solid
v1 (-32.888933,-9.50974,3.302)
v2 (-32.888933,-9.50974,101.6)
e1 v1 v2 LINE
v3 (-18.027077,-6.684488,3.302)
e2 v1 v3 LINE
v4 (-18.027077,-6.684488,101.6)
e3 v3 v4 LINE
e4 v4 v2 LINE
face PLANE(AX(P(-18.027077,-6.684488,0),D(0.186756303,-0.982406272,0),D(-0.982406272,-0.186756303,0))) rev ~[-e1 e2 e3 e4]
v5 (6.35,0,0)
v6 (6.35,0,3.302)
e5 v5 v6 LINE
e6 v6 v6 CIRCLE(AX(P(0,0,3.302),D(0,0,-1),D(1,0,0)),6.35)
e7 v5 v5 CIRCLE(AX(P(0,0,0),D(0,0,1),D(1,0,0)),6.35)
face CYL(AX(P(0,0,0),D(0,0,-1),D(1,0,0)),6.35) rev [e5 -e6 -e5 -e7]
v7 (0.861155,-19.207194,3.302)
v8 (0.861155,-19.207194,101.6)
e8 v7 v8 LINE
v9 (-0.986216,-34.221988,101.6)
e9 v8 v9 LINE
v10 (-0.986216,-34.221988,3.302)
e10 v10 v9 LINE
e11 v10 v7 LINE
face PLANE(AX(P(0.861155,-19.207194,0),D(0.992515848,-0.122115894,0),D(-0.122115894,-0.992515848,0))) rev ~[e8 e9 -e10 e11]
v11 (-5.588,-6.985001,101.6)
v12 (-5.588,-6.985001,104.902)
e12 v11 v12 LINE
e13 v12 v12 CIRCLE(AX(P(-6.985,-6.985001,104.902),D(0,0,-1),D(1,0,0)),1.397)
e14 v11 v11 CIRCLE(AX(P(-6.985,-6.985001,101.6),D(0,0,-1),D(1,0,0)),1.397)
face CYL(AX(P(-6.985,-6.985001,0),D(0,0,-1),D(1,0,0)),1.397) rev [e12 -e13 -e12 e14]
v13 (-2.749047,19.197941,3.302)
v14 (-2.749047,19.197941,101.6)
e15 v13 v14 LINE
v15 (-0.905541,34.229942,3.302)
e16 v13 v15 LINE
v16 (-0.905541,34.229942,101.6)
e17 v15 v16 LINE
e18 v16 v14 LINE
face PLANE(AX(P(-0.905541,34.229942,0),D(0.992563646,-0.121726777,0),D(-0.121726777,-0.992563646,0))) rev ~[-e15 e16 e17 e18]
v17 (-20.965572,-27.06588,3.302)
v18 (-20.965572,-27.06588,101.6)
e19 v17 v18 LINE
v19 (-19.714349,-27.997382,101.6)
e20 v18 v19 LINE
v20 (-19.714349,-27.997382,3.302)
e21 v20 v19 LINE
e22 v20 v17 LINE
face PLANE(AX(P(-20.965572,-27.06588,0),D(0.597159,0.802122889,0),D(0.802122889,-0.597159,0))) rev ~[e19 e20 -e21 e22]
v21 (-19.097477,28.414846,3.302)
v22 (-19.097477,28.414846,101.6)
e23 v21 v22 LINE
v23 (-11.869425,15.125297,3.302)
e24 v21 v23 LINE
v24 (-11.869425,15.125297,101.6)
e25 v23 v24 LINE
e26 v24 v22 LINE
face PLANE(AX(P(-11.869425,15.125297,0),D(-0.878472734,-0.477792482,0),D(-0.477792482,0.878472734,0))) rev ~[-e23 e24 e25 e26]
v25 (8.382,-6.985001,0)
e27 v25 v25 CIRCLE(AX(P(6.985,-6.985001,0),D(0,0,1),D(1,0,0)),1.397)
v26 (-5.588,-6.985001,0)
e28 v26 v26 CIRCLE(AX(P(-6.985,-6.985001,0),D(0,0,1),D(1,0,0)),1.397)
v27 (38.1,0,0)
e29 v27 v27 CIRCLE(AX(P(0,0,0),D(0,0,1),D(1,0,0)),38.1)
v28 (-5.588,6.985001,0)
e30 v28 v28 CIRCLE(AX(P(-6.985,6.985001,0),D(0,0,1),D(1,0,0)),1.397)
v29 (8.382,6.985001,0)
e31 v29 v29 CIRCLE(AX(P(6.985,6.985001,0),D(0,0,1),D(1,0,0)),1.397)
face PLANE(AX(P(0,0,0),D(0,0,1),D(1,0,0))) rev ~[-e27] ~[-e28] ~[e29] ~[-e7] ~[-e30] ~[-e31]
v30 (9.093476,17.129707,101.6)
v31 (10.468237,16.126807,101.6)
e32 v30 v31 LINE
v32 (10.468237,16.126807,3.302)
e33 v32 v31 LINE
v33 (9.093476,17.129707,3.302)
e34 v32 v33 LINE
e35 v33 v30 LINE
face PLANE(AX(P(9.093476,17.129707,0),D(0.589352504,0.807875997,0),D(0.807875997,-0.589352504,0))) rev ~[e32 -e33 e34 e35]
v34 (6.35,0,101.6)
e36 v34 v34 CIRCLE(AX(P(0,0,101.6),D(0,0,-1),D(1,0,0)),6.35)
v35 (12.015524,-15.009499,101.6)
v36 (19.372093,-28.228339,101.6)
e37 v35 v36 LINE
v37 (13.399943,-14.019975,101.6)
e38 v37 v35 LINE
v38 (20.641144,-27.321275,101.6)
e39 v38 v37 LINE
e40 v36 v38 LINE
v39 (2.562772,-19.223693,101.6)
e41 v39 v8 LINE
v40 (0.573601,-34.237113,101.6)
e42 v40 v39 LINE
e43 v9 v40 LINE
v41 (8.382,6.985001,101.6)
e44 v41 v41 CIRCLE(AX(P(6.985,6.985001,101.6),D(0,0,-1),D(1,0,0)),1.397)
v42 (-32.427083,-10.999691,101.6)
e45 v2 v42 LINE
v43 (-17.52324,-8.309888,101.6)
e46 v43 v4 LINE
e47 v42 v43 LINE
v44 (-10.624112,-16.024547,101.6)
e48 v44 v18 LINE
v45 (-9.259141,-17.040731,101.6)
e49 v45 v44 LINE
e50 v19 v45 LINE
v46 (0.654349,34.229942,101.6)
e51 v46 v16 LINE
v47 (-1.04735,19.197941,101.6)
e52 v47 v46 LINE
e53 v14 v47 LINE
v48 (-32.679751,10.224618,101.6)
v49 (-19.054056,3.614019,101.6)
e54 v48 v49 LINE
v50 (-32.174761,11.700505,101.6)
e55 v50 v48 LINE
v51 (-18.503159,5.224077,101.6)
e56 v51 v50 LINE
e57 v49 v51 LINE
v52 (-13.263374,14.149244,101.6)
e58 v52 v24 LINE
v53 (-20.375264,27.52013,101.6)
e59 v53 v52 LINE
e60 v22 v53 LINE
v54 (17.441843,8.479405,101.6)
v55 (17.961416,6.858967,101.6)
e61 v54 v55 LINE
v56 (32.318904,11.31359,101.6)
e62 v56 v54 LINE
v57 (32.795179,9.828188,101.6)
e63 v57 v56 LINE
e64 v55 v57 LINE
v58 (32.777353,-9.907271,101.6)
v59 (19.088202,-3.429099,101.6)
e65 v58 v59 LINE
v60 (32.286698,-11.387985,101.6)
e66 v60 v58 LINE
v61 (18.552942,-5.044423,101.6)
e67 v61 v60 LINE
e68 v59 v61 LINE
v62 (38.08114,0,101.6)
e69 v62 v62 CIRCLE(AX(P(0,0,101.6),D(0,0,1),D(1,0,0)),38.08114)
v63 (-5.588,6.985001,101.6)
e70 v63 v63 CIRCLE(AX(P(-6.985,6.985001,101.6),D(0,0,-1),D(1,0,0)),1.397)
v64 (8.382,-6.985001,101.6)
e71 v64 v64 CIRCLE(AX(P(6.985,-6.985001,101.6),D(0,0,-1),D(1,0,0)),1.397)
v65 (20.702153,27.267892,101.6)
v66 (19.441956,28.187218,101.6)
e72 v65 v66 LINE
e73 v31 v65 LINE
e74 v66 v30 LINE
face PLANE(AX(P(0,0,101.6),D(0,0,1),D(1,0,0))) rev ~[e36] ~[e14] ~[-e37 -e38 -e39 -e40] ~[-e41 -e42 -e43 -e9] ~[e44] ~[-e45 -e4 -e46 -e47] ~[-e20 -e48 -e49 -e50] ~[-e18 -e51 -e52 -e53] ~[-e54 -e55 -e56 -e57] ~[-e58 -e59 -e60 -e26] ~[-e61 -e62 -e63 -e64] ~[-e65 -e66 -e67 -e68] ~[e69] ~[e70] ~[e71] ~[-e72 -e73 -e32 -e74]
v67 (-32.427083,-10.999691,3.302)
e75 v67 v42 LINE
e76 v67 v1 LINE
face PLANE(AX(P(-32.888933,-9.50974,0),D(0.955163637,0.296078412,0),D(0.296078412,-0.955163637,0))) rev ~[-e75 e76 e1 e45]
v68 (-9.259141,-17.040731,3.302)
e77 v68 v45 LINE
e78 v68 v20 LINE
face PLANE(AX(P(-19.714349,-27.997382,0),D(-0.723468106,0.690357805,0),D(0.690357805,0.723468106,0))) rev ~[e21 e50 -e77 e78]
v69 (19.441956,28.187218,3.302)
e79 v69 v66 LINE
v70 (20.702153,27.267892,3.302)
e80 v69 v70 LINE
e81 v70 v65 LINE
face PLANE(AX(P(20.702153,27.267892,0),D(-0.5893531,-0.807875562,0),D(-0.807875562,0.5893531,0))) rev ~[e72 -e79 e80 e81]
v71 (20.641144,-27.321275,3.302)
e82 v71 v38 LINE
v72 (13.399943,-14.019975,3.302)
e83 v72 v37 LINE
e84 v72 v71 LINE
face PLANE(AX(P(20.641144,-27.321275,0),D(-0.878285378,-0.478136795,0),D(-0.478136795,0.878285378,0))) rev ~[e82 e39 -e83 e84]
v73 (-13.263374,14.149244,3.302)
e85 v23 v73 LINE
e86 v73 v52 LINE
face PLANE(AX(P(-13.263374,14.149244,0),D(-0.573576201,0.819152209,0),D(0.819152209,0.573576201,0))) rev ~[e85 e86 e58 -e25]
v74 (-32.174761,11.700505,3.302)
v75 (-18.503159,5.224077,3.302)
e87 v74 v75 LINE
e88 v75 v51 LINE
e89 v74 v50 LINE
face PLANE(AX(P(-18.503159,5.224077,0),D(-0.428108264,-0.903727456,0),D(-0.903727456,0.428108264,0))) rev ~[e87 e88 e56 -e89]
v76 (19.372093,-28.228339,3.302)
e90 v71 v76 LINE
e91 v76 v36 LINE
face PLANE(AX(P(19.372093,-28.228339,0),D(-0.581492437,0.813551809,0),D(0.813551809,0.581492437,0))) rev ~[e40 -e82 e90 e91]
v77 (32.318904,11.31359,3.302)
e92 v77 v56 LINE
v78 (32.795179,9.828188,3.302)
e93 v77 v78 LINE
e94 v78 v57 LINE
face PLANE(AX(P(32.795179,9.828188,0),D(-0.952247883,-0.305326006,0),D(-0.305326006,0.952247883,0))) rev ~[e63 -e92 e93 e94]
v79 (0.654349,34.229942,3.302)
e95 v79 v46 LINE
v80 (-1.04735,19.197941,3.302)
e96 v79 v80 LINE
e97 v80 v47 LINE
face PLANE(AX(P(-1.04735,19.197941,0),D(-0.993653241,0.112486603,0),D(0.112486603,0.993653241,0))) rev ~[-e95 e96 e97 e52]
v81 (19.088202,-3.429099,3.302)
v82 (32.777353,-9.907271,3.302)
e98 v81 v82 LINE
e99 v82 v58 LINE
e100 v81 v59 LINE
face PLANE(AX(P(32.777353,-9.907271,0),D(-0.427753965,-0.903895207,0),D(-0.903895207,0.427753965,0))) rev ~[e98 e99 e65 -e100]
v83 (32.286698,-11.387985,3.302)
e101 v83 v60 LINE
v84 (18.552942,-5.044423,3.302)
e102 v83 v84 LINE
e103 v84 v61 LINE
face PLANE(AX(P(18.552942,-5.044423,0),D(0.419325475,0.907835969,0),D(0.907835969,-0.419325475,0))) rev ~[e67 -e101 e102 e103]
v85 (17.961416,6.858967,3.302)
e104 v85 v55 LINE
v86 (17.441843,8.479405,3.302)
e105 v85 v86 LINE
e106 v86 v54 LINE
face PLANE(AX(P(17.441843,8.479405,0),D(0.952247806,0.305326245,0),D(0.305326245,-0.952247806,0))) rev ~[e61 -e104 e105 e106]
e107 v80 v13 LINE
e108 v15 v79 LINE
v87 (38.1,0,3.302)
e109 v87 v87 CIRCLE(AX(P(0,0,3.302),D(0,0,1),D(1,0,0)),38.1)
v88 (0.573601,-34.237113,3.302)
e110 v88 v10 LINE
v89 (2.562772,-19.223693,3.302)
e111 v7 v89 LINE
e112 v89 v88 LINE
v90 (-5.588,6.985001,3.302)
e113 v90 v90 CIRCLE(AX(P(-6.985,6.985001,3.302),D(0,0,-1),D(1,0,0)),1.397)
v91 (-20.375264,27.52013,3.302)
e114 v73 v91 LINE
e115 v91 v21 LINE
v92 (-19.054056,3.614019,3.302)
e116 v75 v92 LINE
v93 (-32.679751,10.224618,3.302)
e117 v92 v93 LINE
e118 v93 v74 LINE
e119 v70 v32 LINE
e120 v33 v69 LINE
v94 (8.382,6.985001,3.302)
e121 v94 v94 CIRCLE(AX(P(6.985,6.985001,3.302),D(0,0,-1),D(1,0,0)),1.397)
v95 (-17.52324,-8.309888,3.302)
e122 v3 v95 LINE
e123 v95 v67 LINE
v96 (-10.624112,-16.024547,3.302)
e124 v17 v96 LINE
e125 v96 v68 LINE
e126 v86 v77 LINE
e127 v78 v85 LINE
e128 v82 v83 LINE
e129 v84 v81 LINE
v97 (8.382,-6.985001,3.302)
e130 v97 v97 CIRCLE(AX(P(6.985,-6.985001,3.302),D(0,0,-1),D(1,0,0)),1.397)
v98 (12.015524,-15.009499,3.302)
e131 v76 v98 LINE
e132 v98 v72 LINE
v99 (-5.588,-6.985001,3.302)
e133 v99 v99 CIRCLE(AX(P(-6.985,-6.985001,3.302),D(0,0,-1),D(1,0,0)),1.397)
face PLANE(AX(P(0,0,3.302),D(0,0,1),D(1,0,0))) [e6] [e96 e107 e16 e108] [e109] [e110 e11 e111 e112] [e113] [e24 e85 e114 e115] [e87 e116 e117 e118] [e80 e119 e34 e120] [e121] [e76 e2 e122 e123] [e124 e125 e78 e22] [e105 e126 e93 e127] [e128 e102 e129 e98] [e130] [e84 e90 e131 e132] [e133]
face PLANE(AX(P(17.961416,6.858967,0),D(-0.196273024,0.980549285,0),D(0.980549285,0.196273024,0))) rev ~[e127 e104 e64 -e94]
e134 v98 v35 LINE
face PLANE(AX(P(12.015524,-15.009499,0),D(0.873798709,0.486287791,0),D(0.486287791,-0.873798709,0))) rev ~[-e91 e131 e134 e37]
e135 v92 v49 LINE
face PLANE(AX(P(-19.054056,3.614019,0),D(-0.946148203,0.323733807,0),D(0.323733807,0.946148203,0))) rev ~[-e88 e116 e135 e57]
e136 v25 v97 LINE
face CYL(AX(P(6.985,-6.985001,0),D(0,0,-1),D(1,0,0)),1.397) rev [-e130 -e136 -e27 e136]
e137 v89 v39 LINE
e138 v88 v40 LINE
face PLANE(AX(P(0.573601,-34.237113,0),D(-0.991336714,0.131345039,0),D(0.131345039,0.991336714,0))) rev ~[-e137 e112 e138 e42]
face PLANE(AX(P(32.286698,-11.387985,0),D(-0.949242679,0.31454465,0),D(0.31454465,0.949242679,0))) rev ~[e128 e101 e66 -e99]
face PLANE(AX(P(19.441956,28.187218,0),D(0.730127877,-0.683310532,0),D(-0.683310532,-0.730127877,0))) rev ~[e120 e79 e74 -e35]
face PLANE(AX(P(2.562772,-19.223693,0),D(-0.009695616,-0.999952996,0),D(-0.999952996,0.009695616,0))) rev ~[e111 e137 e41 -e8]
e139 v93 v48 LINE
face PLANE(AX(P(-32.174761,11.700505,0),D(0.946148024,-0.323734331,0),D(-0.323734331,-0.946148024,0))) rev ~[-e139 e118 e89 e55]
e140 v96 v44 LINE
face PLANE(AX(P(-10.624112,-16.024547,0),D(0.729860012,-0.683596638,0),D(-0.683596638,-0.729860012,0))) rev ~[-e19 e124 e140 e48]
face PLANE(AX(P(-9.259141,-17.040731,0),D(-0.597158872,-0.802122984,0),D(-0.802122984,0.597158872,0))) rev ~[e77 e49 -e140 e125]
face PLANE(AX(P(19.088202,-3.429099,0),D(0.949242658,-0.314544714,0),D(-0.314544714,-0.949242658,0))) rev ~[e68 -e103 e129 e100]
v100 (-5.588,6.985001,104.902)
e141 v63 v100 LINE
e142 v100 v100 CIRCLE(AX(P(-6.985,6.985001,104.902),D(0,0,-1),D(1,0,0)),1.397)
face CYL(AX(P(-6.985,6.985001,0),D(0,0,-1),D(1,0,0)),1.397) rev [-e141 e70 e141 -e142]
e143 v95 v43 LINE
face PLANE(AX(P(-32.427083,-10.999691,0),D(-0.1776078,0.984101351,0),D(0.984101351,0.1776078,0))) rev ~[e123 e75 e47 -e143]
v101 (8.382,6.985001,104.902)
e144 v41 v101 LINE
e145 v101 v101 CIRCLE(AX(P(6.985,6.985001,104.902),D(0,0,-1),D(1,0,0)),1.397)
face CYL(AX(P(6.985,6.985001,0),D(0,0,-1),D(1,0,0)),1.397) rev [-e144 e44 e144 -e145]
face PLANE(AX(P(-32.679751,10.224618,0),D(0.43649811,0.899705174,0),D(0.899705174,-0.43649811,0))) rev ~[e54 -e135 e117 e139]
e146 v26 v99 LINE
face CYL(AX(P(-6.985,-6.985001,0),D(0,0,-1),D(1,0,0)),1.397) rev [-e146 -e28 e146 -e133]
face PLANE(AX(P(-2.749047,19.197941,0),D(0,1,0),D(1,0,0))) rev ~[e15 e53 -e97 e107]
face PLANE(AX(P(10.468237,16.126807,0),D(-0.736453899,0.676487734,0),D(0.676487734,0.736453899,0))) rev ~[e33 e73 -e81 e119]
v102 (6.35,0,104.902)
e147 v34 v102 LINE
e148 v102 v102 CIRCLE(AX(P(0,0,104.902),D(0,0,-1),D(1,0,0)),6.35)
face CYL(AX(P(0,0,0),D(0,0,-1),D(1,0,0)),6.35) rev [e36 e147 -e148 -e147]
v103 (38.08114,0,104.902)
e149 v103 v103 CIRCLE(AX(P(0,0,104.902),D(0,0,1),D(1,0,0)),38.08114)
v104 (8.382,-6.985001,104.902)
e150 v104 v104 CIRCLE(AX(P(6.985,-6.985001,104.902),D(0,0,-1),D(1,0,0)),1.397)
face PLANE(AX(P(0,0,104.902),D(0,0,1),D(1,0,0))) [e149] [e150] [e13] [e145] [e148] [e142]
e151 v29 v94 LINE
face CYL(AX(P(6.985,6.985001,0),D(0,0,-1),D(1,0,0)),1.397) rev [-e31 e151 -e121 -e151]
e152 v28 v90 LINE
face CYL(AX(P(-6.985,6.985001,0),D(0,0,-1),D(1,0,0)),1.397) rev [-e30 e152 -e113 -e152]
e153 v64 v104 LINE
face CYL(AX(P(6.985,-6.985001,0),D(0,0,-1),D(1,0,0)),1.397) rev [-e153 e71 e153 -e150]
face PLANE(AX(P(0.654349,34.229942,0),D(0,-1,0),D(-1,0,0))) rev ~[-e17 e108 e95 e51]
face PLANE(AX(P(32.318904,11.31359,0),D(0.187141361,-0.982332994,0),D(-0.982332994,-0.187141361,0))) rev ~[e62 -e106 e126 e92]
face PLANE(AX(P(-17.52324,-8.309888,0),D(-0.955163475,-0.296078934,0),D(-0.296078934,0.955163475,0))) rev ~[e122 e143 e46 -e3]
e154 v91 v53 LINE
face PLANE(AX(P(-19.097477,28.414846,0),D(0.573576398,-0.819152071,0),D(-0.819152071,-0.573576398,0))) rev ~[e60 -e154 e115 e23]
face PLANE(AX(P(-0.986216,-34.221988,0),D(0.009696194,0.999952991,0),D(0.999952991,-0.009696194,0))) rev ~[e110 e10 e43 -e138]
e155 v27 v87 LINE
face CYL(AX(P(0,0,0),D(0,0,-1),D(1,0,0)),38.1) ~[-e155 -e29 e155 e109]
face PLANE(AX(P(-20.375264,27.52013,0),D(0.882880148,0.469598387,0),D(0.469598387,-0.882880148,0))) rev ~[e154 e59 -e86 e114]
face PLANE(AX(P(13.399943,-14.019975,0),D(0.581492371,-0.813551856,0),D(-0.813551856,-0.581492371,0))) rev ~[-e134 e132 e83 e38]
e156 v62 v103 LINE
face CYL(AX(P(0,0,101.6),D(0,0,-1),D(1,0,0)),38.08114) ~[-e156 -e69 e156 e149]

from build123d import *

# Parameters (mm, degrees)
F0_R     = 38.1
F0_R_2   = 3.175
F1_DEPTH = 3.302
F2_DEPTH = 101.6
F3_R     = 38.08114
F3_R_2   = 3.175
F4_DEPTH = 3.302
F6_R     = 1.397
F6_R_2   = 6.35
F7_DEPTH = 136.906


with BuildPart() as f1:
    # F0 (on Top) → F1 (new body)
    with BuildSketch(Plane.XY):
        Circle(F0_R)
        Polygon((-19.714349, -27.997382), (-20.965572, -27.06588), (-10.624112, -16.024547), (-9.259141, -17.040731), align=None, mode=Mode.SUBTRACT)
        Polygon((-32.427083, -10.999691), (-32.888933, -9.50974), (-18.027077, -6.684488), (-17.52324, -8.309888), align=None, mode=Mode.SUBTRACT)
        Polygon((0.573601, -34.237113), (-0.986216, -34.221988), (0.861155, -19.207194), (2.562772, -19.223693), align=None, mode=Mode.SUBTRACT)
        Polygon((20.641144, -27.321275), (19.372093, -28.228339), (12.015524, -15.009499), (13.399943, -14.019975), align=None, mode=Mode.SUBTRACT)
        Polygon((32.777353, -9.907271), (32.286698, -11.387985), (18.552942, -5.044423), (19.088202, -3.429099), align=None, mode=Mode.SUBTRACT)
        Polygon((-32.679751, 10.224618), (-32.174761, 11.700505), (-18.503159, 5.224077), (-19.054056, 3.614019), align=None, mode=Mode.SUBTRACT)
        Polygon((-20.375264, 27.52013), (-19.097477, 28.414846), (-11.869425, 15.125297), (-13.263374, 14.149244), align=None, mode=Mode.SUBTRACT)
        Polygon((-2.749047, 19.197941), (-0.905541, 34.229942), (0.654349, 34.229942), (-1.04735, 19.197941), align=None, mode=Mode.SUBTRACT)
        Circle(F0_R_2, mode=Mode.SUBTRACT)
        Polygon((32.318904, 11.31359), (32.795179, 9.828188), (17.961416, 6.858967), (17.441843, 8.479405), align=None, mode=Mode.SUBTRACT)
        Polygon((19.441956, 28.187218), (20.702153, 27.267892), (10.468237, 16.126807), (9.093476, 17.129707), align=None, mode=Mode.SUBTRACT)
    extrude(amount=F1_DEPTH)

    # F0 (on Top) → F2 (join)
    with BuildSketch(Plane.XY):
        Polygon((-18.503159, 5.224077), (-32.174761, 11.700505), (-32.679751, 10.224618), (-19.054056, 3.614019), align=None)
        Polygon((-18.027077, -6.684488), (-32.888933, -9.50974), (-32.427083, -10.999691), (-17.52324, -8.309888), align=None)
        Polygon((-10.624112, -16.024547), (-20.965572, -27.06588), (-19.714349, -27.997382), (-9.259141, -17.040731), align=None)
        Polygon((0.861155, -19.207194), (-0.986216, -34.221988), (0.573601, -34.237113), (2.562772, -19.223693), align=None)
        Polygon((12.015524, -15.009499), (19.372093, -28.228339), (20.641144, -27.321275), (13.399943, -14.019975), align=None)
        Polygon((18.552942, -5.044423), (32.286698, -11.387985), (32.777353, -9.907271), (19.088202, -3.429099), align=None)
        Polygon((17.961416, 6.858967), (32.795179, 9.828188), (32.318904, 11.31359), (17.441843, 8.479405), align=None)
        Polygon((10.468237, 16.126807), (20.702153, 27.267892), (19.441956, 28.187218), (9.093476, 17.129707), align=None)
        Polygon((0.654349, 34.229942), (-0.905541, 34.229942), (-2.749047, 19.197941), (-1.04735, 19.197941), align=None)
        Polygon((-11.869425, 15.125297), (-19.097477, 28.414846), (-20.375264, 27.52013), (-13.263374, 14.149244), align=None)
    extrude(amount=F2_DEPTH)

    # F3 (on face) → F4 (join)
    with BuildSketch(Plane.XY.offset(101.6)):
        Circle(F3_R)
        Circle(F3_R_2, mode=Mode.SUBTRACT)
    extrude(amount=F4_DEPTH)

    # F6 (on face) → F7 (cut)
    with BuildSketch(Plane.XY):
        with Locations((6.985, -6.985001)):
            Circle(F6_R)
        with Locations((-6.985, -6.985001)):
            Circle(F6_R)
        with Locations((-6.985, 6.985001)):
            Circle(F6_R)
        with Locations((6.985, 6.985001)):
            Circle(F6_R)
        Circle(F6_R_2)
    extrude(amount=F7_DEPTH, mode=Mode.SUBTRACT)


solid = f1.part
